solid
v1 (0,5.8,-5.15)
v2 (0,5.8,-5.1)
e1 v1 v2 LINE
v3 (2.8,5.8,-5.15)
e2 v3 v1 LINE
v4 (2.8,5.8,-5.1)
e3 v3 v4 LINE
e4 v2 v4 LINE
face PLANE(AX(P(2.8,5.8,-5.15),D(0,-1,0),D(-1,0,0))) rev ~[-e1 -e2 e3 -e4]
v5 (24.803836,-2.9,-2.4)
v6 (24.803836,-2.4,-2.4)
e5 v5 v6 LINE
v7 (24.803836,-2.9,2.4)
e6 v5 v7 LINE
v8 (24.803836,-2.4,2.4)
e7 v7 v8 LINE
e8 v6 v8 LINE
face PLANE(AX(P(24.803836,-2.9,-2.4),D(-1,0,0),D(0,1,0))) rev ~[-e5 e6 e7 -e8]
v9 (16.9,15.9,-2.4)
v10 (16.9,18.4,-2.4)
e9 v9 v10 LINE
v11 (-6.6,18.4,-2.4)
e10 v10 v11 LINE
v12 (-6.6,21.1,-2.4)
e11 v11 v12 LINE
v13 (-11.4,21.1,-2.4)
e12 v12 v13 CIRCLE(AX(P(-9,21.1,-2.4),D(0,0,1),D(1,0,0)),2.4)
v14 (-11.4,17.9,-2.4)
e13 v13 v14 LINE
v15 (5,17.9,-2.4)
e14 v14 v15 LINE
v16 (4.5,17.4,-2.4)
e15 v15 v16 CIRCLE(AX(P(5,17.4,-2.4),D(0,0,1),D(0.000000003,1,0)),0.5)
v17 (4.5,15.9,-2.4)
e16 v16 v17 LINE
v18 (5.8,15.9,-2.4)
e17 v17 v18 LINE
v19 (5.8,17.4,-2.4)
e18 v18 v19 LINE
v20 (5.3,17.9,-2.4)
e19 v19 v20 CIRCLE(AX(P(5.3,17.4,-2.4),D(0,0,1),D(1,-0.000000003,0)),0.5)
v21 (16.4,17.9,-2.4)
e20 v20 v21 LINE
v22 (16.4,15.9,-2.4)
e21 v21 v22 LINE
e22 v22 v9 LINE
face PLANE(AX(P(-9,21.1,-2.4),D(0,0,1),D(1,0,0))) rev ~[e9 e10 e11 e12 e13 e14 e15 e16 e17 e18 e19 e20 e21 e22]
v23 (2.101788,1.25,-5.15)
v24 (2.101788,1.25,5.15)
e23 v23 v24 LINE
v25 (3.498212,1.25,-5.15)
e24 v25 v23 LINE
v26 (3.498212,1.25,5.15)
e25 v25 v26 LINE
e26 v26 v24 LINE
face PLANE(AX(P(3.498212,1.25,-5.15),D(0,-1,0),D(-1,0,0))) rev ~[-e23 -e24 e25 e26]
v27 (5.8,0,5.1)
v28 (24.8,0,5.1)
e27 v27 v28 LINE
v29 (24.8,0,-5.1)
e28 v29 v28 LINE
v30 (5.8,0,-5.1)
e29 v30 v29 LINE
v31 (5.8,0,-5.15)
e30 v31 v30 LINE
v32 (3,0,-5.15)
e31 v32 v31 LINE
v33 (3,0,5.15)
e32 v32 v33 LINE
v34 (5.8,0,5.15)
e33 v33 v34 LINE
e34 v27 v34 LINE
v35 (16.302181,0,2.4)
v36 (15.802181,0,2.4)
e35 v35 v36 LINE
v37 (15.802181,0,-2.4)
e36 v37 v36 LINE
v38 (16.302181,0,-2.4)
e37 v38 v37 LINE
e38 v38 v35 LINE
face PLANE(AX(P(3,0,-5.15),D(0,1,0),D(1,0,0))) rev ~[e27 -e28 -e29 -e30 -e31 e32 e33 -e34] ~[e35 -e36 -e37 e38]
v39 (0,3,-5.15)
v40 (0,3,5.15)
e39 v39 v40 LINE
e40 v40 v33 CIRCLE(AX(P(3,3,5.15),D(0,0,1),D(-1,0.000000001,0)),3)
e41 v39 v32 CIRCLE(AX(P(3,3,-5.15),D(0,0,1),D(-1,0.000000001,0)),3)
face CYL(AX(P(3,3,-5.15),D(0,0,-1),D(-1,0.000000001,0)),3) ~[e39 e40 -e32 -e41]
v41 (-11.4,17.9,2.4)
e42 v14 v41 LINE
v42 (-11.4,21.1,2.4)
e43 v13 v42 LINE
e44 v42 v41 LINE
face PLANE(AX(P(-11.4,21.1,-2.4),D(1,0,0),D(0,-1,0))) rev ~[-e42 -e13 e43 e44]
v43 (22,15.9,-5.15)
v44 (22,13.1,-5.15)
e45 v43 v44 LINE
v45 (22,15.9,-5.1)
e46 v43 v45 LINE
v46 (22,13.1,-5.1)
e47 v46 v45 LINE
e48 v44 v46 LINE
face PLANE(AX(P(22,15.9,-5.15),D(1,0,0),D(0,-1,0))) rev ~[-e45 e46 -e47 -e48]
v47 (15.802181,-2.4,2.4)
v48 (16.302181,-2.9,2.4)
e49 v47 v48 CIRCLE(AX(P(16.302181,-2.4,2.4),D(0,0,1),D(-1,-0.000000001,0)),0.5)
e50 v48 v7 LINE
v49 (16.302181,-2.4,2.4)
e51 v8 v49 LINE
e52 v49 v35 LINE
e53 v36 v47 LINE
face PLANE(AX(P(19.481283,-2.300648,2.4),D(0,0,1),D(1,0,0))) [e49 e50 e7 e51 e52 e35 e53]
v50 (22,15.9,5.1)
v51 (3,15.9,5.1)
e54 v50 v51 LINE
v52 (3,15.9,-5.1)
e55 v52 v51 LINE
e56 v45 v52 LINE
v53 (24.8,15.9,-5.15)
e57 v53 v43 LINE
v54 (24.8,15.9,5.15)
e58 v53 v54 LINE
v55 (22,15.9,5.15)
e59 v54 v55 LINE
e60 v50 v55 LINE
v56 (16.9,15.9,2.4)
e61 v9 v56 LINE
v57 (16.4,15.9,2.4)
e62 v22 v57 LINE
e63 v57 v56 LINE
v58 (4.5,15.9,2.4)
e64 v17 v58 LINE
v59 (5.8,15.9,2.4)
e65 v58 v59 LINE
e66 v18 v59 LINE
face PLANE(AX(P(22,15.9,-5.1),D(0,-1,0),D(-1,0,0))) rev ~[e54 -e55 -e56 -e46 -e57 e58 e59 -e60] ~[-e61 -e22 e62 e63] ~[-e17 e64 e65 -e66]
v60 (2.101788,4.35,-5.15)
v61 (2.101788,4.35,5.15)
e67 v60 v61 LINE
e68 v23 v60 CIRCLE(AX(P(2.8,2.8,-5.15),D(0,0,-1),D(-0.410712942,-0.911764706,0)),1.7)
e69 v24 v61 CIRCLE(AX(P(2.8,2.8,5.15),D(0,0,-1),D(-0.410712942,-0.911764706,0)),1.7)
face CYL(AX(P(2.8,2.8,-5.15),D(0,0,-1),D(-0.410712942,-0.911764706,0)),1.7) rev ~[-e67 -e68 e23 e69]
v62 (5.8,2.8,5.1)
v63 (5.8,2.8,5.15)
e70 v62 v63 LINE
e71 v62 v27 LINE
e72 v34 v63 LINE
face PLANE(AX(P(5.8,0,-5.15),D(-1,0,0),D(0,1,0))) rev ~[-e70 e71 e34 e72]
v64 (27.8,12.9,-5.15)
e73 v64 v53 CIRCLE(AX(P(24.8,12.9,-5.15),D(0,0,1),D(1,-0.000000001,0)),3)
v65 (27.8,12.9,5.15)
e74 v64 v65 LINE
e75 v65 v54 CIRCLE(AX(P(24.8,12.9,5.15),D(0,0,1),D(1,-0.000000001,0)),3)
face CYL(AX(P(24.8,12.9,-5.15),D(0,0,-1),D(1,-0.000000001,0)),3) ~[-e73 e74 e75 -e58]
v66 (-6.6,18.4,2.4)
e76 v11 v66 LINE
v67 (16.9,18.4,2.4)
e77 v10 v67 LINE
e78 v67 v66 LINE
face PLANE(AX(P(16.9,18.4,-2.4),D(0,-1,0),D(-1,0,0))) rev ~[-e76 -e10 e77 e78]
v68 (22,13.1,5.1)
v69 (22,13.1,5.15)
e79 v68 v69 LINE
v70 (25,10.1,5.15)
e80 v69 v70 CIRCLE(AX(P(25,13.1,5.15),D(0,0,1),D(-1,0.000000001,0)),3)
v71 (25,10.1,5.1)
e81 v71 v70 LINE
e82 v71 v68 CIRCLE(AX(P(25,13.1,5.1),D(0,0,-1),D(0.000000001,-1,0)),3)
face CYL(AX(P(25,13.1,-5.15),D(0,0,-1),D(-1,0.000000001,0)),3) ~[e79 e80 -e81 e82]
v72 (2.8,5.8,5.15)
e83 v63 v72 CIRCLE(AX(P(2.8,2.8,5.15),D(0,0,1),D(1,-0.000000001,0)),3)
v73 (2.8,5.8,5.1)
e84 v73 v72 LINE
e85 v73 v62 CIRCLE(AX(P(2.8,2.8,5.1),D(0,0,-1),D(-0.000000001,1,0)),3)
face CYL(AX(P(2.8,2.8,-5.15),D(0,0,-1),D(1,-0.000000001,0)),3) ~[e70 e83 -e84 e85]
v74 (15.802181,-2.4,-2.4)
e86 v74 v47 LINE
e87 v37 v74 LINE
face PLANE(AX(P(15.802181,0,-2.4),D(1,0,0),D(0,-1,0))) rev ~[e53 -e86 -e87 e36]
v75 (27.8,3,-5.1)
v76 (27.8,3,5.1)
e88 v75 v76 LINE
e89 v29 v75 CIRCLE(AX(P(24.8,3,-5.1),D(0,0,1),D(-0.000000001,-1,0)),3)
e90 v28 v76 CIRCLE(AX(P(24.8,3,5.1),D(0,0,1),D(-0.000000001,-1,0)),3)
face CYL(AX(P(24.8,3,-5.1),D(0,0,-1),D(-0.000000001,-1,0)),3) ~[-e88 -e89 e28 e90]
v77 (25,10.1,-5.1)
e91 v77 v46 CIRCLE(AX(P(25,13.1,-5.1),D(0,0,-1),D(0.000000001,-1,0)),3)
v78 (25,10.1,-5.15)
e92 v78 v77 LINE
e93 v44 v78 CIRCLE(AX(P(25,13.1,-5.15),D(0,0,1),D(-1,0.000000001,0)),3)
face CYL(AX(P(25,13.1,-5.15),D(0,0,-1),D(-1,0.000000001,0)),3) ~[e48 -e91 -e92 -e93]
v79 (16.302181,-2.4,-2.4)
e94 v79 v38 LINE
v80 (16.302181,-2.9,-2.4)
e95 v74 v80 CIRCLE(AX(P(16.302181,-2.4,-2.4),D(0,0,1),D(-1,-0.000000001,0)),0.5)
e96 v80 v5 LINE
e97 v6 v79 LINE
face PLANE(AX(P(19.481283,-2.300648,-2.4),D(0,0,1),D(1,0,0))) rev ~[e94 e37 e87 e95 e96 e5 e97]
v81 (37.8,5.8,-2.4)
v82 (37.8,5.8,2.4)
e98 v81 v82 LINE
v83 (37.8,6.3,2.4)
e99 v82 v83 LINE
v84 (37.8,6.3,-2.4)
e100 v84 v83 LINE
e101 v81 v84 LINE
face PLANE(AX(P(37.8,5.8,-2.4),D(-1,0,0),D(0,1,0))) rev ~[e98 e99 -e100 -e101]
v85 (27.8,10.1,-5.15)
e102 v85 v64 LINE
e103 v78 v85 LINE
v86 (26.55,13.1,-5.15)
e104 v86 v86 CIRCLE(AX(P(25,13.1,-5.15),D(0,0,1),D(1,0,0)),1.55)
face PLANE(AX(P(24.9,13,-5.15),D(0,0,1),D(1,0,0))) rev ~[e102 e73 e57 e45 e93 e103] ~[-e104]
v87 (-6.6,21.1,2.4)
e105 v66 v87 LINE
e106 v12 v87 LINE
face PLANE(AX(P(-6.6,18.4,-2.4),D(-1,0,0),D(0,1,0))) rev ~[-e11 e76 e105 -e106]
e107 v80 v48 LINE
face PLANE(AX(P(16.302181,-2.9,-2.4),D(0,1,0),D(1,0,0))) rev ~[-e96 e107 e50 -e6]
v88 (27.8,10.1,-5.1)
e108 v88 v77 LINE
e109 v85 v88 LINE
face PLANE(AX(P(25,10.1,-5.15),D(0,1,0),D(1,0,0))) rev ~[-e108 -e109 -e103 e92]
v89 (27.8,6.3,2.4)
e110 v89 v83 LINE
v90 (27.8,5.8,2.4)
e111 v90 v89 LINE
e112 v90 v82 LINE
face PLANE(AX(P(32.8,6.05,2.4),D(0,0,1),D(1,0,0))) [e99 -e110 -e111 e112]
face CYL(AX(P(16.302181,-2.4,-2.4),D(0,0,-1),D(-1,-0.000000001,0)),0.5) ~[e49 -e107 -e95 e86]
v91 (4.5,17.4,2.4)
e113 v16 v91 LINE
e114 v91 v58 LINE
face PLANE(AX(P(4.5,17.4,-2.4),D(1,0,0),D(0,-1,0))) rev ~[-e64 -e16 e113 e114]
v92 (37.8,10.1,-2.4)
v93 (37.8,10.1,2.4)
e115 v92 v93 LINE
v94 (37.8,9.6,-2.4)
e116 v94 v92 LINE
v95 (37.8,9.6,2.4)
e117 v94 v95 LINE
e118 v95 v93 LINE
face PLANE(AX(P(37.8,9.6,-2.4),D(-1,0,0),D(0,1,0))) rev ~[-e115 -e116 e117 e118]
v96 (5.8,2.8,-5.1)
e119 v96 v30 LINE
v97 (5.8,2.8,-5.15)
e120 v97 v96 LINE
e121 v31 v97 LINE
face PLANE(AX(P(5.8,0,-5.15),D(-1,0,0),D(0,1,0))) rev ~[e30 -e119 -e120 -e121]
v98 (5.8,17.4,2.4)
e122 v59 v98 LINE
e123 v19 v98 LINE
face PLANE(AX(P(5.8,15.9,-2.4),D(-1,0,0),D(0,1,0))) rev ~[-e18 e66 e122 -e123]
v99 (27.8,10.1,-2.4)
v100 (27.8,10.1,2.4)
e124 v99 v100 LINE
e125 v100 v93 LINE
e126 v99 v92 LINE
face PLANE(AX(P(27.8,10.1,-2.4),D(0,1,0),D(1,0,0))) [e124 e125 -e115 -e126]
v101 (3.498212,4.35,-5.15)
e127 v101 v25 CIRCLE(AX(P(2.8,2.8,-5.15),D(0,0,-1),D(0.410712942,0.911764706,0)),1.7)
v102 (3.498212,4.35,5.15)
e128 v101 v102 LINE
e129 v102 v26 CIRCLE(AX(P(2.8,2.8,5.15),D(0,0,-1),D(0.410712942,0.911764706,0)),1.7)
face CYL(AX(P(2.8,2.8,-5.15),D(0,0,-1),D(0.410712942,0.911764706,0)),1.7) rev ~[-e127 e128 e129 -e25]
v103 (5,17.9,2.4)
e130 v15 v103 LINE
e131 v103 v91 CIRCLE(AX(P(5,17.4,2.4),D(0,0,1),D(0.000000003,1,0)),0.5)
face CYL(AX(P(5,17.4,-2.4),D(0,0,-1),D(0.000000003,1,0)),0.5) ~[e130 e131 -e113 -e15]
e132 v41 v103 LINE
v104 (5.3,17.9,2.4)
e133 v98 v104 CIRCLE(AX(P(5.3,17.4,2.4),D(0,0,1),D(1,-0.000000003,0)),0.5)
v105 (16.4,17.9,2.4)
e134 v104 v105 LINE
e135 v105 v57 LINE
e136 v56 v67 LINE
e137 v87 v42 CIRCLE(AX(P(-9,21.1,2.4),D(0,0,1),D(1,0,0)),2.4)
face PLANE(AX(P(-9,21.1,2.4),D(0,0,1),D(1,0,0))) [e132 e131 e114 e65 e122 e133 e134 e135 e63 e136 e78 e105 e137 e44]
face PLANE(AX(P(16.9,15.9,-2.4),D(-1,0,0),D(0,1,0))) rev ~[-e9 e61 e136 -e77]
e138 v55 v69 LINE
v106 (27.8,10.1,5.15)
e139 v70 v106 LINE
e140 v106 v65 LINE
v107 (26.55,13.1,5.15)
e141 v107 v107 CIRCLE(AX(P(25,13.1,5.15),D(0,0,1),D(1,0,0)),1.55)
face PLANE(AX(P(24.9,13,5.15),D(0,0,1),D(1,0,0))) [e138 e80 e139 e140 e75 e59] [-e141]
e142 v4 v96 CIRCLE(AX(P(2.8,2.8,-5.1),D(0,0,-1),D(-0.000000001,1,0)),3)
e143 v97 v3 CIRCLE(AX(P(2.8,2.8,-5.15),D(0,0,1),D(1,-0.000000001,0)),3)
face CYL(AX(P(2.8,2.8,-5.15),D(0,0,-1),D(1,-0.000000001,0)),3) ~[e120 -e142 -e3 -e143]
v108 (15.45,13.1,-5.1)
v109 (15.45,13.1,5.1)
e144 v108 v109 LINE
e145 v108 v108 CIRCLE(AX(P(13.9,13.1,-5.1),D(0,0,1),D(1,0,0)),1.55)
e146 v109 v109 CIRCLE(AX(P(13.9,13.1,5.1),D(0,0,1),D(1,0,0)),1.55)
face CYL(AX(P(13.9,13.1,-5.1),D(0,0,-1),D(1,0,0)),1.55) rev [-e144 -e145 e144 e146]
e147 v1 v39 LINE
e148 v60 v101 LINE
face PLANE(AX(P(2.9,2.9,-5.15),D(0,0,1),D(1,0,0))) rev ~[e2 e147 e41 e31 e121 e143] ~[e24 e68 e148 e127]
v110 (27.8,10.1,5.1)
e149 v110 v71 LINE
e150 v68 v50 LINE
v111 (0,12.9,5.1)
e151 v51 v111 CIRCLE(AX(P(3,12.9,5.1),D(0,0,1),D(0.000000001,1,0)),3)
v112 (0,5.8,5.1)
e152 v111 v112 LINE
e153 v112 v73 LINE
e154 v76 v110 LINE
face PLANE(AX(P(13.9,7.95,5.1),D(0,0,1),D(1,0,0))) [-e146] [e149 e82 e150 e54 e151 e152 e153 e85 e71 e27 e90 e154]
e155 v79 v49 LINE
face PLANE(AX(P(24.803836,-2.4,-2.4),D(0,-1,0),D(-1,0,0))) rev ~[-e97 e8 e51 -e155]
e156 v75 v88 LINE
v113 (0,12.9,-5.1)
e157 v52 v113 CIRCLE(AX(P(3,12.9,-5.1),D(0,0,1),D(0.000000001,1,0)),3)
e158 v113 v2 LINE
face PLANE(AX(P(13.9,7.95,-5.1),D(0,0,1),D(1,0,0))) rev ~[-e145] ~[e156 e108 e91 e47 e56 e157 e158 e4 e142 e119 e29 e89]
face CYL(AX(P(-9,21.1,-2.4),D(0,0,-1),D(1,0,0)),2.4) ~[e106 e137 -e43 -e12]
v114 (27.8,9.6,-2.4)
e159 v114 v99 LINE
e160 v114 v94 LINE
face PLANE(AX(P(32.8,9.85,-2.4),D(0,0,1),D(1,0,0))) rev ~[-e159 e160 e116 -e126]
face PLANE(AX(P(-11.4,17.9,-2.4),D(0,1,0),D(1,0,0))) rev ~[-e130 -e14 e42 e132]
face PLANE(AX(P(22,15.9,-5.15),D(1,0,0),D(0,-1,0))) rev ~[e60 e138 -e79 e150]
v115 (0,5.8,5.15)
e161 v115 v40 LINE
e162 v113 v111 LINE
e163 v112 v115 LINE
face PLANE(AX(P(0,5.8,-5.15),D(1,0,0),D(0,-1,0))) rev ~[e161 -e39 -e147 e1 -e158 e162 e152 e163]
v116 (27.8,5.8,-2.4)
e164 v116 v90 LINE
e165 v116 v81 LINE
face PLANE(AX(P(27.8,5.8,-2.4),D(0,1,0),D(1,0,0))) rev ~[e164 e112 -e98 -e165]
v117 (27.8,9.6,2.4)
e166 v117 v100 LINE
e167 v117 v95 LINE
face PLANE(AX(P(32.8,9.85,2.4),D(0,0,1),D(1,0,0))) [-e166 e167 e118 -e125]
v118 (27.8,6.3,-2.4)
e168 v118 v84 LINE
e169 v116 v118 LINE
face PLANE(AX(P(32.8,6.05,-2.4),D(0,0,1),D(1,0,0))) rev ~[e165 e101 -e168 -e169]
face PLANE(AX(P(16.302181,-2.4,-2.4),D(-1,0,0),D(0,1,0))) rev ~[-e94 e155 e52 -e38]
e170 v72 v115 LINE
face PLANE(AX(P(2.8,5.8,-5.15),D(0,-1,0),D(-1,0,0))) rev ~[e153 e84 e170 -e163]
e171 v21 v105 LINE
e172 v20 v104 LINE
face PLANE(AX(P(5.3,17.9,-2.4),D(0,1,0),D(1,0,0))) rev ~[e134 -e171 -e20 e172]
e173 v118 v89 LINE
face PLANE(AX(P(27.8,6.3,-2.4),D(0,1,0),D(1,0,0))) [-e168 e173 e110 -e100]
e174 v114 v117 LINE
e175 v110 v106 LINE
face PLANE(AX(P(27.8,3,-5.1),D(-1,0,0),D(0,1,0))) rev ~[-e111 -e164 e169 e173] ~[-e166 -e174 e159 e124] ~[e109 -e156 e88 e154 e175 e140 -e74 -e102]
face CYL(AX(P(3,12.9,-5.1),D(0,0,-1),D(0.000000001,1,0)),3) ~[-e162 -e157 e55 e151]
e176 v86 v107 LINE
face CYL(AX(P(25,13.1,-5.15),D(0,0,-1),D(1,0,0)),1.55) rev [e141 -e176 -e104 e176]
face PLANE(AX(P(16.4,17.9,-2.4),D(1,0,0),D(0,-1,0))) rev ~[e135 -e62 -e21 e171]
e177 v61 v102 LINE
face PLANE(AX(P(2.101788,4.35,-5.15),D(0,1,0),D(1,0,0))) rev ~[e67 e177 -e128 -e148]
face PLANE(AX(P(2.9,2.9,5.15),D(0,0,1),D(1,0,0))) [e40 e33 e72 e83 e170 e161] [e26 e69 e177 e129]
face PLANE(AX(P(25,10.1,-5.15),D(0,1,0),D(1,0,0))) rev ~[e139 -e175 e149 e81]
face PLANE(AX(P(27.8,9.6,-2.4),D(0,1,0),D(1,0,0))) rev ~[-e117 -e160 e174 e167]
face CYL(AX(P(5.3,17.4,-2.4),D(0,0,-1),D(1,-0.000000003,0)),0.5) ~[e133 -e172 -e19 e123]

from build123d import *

# Parameters (mm, degrees)
BOSS_EXTRUDE1_DEPTH      = 5.1
BOSS_EXTRUDE1_DEPTH_BACK = 5.1
SKETCH1_R                = 1.55
BOSS_EXTRUDE2_DEPTH      = 5.15
BOSS_EXTRUDE2_DEPTH_BACK = 5.15
SKETCH1_3_R              = 1.55
BOSS_EXTRUDE3_DEPTH      = 2.4
BOSS_EXTRUDE3_DEPTH_BACK = 2.4
SKETCH1_4_W              = 10
SKETCH1_4_H              = 0.5


with BuildPart() as part:
    # Sketch1 → Boss-Extrude1 (new, two sides: drawn at the far end of the back side and taken through both)
    with BuildSketch(Plane.XY.offset(-BOSS_EXTRUDE1_DEPTH_BACK)):
        with BuildLine():
            Line((5.8, 2.8), (5.8, 0))
            Line((5.8, 0), (15.802181202, 0))
            Line((15.802181202, 0), (16.302181202, 0))
            Line((16.302181202, 0), (24.8, 0))
            ThreePointArc((24.8, 0), (26.921320344, 0.878679656), (27.8, 3))
            Line((27.8, 3), (27.8, 5.8))
            Line((27.8, 5.8), (27.8, 6.3))
            Line((27.8, 6.3), (27.8, 9.6))
            Line((27.8, 9.6), (27.8, 10.1))
            Line((27.8, 10.1), (25, 10.1))
            ThreePointArc((25, 10.1), (22.878679656, 10.978679656), (22, 13.1))
            Line((22, 13.1), (22, 15.9))
            Line((22, 15.9), (16.9, 15.9))
            Line((16.9, 15.9), (16.4, 15.9))
            Line((16.4, 15.9), (5.8, 15.9))
            Line((5.8, 15.9), (4.5, 15.9))
            Line((4.5, 15.9), (3, 15.9))
            ThreePointArc((3, 15.9), (0.878679656, 15.021320344), (0, 12.9))
            Line((0, 12.9), (0, 5.8))
            Line((0, 5.8), (2.8, 5.8))
            ThreePointArc((2.8, 5.8), (4.921320344, 4.921320344), (5.8, 2.8))
        make_face()
        with Locations((13.9, 13.1)):
            Circle(SKETCH1_R, mode=Mode.SUBTRACT)
    extrude(amount=BOSS_EXTRUDE1_DEPTH + BOSS_EXTRUDE1_DEPTH_BACK)

    # Sketch1<3> → Boss-Extrude2 (add, two sides: drawn at the far end of the back side and taken through both)
    # profile 1 of 2: a face of its own
    with BuildSketch(Plane.XY.offset(-BOSS_EXTRUDE2_DEPTH_BACK)):
        with BuildLine():
            ThreePointArc((0, 3), (0.878679656, 0.878679656), (3, 0))
            Line((3, 0), (5.8, 0))
            Line((5.8, 0), (5.8, 2.8))
            ThreePointArc((5.8, 2.8), (4.921320344, 4.921320344), (2.8, 5.8))
            Line((2.8, 5.8), (0, 5.8))
            Line((0, 5.8), (0, 3))
        make_face()
        with BuildLine():
            Line((3.498212002, 1.25), (2.101787998, 1.25))
            ThreePointArc((2.101787998, 1.25), (1.1, 2.8), (2.101787998, 4.35))
            Line((2.101787998, 4.35), (3.498212002, 4.35))
            ThreePointArc((3.498212002, 4.35), (4.5, 2.8), (3.498212002, 1.25))
        make_face(mode=Mode.SUBTRACT)
    # profile 2 of 2: a face of its own
    with BuildSketch(Plane.XY.offset(-BOSS_EXTRUDE2_DEPTH_BACK)):
        with BuildLine():
            Line((25, 10.1), (27.8, 10.1))
            Line((27.8, 10.1), (27.8, 12.9))
            ThreePointArc((27.8, 12.9), (26.921320344, 15.021320344), (24.8, 15.9))
            Line((24.8, 15.9), (22, 15.9))
            Line((22, 15.9), (22, 13.1))
            ThreePointArc((22, 13.1), (22.878679656, 10.978679656), (25, 10.1))
        make_face()
        with Locations((25, 13.1)):
            Circle(SKETCH1_3_R, mode=Mode.SUBTRACT)
    extrude(amount=BOSS_EXTRUDE2_DEPTH + BOSS_EXTRUDE2_DEPTH_BACK)

    # Sketch1<4> → Boss-Extrude3 (add, two sides: drawn at the far end of the back side and taken through both)
    with BuildSketch(Plane.XY.offset(-BOSS_EXTRUDE3_DEPTH_BACK)):
        with BuildLine():
            Line((16.302181202, 0), (15.802181202, 0))
            Line((15.802181202, 0), (15.802181202, -2.4))
            ThreePointArc((15.802181202, -2.4), (15.948627812, -2.753553391), (16.302181202, -2.9))
            Line((16.302181202, -2.9), (24.80383619, -2.9))
            Line((24.80383619, -2.9), (24.80383619, -2.4))
            Line((24.80383619, -2.4), (16.302181202, -2.4))
            Line((16.302181202, -2.4), (16.302181202, 0))
        make_face()
        with BuildLine():
            Line((4.5, 17.4), (4.5, 15.9))
            Line((4.5, 15.9), (5.8, 15.9))
            Line((5.8, 15.9), (5.8, 17.4))
            ThreePointArc((5.8, 17.4), (5.653553391, 17.753553391), (5.3, 17.9))
            Line((5.3, 17.9), (16.4, 17.9))
            Line((16.4, 17.9), (16.4, 15.9))
            Line((16.4, 15.9), (16.9, 15.9))
            Line((16.9, 15.9), (16.9, 18.4))
            Line((16.9, 18.4), (-6.6, 18.4))
            Line((-6.6, 18.4), (-6.6, 21.1))
            ThreePointArc((-6.6, 21.1), (-9, 23.5), (-11.4, 21.1))
            Line((-11.4, 21.1), (-11.4, 17.9))
            Line((-11.4, 17.9), (5, 17.9))
            ThreePointArc((5, 17.9), (4.646446609, 17.753553391), (4.5, 17.4))
        make_face()
        with Locations((32.8, 6.05)):
            Rectangle(SKETCH1_4_W, SKETCH1_4_H)
        with Locations((32.8, 9.85)):
            Rectangle(SKETCH1_4_W, SKETCH1_4_H)
    extrude(amount=BOSS_EXTRUDE3_DEPTH + BOSS_EXTRUDE3_DEPTH_BACK)


solid = part.part
